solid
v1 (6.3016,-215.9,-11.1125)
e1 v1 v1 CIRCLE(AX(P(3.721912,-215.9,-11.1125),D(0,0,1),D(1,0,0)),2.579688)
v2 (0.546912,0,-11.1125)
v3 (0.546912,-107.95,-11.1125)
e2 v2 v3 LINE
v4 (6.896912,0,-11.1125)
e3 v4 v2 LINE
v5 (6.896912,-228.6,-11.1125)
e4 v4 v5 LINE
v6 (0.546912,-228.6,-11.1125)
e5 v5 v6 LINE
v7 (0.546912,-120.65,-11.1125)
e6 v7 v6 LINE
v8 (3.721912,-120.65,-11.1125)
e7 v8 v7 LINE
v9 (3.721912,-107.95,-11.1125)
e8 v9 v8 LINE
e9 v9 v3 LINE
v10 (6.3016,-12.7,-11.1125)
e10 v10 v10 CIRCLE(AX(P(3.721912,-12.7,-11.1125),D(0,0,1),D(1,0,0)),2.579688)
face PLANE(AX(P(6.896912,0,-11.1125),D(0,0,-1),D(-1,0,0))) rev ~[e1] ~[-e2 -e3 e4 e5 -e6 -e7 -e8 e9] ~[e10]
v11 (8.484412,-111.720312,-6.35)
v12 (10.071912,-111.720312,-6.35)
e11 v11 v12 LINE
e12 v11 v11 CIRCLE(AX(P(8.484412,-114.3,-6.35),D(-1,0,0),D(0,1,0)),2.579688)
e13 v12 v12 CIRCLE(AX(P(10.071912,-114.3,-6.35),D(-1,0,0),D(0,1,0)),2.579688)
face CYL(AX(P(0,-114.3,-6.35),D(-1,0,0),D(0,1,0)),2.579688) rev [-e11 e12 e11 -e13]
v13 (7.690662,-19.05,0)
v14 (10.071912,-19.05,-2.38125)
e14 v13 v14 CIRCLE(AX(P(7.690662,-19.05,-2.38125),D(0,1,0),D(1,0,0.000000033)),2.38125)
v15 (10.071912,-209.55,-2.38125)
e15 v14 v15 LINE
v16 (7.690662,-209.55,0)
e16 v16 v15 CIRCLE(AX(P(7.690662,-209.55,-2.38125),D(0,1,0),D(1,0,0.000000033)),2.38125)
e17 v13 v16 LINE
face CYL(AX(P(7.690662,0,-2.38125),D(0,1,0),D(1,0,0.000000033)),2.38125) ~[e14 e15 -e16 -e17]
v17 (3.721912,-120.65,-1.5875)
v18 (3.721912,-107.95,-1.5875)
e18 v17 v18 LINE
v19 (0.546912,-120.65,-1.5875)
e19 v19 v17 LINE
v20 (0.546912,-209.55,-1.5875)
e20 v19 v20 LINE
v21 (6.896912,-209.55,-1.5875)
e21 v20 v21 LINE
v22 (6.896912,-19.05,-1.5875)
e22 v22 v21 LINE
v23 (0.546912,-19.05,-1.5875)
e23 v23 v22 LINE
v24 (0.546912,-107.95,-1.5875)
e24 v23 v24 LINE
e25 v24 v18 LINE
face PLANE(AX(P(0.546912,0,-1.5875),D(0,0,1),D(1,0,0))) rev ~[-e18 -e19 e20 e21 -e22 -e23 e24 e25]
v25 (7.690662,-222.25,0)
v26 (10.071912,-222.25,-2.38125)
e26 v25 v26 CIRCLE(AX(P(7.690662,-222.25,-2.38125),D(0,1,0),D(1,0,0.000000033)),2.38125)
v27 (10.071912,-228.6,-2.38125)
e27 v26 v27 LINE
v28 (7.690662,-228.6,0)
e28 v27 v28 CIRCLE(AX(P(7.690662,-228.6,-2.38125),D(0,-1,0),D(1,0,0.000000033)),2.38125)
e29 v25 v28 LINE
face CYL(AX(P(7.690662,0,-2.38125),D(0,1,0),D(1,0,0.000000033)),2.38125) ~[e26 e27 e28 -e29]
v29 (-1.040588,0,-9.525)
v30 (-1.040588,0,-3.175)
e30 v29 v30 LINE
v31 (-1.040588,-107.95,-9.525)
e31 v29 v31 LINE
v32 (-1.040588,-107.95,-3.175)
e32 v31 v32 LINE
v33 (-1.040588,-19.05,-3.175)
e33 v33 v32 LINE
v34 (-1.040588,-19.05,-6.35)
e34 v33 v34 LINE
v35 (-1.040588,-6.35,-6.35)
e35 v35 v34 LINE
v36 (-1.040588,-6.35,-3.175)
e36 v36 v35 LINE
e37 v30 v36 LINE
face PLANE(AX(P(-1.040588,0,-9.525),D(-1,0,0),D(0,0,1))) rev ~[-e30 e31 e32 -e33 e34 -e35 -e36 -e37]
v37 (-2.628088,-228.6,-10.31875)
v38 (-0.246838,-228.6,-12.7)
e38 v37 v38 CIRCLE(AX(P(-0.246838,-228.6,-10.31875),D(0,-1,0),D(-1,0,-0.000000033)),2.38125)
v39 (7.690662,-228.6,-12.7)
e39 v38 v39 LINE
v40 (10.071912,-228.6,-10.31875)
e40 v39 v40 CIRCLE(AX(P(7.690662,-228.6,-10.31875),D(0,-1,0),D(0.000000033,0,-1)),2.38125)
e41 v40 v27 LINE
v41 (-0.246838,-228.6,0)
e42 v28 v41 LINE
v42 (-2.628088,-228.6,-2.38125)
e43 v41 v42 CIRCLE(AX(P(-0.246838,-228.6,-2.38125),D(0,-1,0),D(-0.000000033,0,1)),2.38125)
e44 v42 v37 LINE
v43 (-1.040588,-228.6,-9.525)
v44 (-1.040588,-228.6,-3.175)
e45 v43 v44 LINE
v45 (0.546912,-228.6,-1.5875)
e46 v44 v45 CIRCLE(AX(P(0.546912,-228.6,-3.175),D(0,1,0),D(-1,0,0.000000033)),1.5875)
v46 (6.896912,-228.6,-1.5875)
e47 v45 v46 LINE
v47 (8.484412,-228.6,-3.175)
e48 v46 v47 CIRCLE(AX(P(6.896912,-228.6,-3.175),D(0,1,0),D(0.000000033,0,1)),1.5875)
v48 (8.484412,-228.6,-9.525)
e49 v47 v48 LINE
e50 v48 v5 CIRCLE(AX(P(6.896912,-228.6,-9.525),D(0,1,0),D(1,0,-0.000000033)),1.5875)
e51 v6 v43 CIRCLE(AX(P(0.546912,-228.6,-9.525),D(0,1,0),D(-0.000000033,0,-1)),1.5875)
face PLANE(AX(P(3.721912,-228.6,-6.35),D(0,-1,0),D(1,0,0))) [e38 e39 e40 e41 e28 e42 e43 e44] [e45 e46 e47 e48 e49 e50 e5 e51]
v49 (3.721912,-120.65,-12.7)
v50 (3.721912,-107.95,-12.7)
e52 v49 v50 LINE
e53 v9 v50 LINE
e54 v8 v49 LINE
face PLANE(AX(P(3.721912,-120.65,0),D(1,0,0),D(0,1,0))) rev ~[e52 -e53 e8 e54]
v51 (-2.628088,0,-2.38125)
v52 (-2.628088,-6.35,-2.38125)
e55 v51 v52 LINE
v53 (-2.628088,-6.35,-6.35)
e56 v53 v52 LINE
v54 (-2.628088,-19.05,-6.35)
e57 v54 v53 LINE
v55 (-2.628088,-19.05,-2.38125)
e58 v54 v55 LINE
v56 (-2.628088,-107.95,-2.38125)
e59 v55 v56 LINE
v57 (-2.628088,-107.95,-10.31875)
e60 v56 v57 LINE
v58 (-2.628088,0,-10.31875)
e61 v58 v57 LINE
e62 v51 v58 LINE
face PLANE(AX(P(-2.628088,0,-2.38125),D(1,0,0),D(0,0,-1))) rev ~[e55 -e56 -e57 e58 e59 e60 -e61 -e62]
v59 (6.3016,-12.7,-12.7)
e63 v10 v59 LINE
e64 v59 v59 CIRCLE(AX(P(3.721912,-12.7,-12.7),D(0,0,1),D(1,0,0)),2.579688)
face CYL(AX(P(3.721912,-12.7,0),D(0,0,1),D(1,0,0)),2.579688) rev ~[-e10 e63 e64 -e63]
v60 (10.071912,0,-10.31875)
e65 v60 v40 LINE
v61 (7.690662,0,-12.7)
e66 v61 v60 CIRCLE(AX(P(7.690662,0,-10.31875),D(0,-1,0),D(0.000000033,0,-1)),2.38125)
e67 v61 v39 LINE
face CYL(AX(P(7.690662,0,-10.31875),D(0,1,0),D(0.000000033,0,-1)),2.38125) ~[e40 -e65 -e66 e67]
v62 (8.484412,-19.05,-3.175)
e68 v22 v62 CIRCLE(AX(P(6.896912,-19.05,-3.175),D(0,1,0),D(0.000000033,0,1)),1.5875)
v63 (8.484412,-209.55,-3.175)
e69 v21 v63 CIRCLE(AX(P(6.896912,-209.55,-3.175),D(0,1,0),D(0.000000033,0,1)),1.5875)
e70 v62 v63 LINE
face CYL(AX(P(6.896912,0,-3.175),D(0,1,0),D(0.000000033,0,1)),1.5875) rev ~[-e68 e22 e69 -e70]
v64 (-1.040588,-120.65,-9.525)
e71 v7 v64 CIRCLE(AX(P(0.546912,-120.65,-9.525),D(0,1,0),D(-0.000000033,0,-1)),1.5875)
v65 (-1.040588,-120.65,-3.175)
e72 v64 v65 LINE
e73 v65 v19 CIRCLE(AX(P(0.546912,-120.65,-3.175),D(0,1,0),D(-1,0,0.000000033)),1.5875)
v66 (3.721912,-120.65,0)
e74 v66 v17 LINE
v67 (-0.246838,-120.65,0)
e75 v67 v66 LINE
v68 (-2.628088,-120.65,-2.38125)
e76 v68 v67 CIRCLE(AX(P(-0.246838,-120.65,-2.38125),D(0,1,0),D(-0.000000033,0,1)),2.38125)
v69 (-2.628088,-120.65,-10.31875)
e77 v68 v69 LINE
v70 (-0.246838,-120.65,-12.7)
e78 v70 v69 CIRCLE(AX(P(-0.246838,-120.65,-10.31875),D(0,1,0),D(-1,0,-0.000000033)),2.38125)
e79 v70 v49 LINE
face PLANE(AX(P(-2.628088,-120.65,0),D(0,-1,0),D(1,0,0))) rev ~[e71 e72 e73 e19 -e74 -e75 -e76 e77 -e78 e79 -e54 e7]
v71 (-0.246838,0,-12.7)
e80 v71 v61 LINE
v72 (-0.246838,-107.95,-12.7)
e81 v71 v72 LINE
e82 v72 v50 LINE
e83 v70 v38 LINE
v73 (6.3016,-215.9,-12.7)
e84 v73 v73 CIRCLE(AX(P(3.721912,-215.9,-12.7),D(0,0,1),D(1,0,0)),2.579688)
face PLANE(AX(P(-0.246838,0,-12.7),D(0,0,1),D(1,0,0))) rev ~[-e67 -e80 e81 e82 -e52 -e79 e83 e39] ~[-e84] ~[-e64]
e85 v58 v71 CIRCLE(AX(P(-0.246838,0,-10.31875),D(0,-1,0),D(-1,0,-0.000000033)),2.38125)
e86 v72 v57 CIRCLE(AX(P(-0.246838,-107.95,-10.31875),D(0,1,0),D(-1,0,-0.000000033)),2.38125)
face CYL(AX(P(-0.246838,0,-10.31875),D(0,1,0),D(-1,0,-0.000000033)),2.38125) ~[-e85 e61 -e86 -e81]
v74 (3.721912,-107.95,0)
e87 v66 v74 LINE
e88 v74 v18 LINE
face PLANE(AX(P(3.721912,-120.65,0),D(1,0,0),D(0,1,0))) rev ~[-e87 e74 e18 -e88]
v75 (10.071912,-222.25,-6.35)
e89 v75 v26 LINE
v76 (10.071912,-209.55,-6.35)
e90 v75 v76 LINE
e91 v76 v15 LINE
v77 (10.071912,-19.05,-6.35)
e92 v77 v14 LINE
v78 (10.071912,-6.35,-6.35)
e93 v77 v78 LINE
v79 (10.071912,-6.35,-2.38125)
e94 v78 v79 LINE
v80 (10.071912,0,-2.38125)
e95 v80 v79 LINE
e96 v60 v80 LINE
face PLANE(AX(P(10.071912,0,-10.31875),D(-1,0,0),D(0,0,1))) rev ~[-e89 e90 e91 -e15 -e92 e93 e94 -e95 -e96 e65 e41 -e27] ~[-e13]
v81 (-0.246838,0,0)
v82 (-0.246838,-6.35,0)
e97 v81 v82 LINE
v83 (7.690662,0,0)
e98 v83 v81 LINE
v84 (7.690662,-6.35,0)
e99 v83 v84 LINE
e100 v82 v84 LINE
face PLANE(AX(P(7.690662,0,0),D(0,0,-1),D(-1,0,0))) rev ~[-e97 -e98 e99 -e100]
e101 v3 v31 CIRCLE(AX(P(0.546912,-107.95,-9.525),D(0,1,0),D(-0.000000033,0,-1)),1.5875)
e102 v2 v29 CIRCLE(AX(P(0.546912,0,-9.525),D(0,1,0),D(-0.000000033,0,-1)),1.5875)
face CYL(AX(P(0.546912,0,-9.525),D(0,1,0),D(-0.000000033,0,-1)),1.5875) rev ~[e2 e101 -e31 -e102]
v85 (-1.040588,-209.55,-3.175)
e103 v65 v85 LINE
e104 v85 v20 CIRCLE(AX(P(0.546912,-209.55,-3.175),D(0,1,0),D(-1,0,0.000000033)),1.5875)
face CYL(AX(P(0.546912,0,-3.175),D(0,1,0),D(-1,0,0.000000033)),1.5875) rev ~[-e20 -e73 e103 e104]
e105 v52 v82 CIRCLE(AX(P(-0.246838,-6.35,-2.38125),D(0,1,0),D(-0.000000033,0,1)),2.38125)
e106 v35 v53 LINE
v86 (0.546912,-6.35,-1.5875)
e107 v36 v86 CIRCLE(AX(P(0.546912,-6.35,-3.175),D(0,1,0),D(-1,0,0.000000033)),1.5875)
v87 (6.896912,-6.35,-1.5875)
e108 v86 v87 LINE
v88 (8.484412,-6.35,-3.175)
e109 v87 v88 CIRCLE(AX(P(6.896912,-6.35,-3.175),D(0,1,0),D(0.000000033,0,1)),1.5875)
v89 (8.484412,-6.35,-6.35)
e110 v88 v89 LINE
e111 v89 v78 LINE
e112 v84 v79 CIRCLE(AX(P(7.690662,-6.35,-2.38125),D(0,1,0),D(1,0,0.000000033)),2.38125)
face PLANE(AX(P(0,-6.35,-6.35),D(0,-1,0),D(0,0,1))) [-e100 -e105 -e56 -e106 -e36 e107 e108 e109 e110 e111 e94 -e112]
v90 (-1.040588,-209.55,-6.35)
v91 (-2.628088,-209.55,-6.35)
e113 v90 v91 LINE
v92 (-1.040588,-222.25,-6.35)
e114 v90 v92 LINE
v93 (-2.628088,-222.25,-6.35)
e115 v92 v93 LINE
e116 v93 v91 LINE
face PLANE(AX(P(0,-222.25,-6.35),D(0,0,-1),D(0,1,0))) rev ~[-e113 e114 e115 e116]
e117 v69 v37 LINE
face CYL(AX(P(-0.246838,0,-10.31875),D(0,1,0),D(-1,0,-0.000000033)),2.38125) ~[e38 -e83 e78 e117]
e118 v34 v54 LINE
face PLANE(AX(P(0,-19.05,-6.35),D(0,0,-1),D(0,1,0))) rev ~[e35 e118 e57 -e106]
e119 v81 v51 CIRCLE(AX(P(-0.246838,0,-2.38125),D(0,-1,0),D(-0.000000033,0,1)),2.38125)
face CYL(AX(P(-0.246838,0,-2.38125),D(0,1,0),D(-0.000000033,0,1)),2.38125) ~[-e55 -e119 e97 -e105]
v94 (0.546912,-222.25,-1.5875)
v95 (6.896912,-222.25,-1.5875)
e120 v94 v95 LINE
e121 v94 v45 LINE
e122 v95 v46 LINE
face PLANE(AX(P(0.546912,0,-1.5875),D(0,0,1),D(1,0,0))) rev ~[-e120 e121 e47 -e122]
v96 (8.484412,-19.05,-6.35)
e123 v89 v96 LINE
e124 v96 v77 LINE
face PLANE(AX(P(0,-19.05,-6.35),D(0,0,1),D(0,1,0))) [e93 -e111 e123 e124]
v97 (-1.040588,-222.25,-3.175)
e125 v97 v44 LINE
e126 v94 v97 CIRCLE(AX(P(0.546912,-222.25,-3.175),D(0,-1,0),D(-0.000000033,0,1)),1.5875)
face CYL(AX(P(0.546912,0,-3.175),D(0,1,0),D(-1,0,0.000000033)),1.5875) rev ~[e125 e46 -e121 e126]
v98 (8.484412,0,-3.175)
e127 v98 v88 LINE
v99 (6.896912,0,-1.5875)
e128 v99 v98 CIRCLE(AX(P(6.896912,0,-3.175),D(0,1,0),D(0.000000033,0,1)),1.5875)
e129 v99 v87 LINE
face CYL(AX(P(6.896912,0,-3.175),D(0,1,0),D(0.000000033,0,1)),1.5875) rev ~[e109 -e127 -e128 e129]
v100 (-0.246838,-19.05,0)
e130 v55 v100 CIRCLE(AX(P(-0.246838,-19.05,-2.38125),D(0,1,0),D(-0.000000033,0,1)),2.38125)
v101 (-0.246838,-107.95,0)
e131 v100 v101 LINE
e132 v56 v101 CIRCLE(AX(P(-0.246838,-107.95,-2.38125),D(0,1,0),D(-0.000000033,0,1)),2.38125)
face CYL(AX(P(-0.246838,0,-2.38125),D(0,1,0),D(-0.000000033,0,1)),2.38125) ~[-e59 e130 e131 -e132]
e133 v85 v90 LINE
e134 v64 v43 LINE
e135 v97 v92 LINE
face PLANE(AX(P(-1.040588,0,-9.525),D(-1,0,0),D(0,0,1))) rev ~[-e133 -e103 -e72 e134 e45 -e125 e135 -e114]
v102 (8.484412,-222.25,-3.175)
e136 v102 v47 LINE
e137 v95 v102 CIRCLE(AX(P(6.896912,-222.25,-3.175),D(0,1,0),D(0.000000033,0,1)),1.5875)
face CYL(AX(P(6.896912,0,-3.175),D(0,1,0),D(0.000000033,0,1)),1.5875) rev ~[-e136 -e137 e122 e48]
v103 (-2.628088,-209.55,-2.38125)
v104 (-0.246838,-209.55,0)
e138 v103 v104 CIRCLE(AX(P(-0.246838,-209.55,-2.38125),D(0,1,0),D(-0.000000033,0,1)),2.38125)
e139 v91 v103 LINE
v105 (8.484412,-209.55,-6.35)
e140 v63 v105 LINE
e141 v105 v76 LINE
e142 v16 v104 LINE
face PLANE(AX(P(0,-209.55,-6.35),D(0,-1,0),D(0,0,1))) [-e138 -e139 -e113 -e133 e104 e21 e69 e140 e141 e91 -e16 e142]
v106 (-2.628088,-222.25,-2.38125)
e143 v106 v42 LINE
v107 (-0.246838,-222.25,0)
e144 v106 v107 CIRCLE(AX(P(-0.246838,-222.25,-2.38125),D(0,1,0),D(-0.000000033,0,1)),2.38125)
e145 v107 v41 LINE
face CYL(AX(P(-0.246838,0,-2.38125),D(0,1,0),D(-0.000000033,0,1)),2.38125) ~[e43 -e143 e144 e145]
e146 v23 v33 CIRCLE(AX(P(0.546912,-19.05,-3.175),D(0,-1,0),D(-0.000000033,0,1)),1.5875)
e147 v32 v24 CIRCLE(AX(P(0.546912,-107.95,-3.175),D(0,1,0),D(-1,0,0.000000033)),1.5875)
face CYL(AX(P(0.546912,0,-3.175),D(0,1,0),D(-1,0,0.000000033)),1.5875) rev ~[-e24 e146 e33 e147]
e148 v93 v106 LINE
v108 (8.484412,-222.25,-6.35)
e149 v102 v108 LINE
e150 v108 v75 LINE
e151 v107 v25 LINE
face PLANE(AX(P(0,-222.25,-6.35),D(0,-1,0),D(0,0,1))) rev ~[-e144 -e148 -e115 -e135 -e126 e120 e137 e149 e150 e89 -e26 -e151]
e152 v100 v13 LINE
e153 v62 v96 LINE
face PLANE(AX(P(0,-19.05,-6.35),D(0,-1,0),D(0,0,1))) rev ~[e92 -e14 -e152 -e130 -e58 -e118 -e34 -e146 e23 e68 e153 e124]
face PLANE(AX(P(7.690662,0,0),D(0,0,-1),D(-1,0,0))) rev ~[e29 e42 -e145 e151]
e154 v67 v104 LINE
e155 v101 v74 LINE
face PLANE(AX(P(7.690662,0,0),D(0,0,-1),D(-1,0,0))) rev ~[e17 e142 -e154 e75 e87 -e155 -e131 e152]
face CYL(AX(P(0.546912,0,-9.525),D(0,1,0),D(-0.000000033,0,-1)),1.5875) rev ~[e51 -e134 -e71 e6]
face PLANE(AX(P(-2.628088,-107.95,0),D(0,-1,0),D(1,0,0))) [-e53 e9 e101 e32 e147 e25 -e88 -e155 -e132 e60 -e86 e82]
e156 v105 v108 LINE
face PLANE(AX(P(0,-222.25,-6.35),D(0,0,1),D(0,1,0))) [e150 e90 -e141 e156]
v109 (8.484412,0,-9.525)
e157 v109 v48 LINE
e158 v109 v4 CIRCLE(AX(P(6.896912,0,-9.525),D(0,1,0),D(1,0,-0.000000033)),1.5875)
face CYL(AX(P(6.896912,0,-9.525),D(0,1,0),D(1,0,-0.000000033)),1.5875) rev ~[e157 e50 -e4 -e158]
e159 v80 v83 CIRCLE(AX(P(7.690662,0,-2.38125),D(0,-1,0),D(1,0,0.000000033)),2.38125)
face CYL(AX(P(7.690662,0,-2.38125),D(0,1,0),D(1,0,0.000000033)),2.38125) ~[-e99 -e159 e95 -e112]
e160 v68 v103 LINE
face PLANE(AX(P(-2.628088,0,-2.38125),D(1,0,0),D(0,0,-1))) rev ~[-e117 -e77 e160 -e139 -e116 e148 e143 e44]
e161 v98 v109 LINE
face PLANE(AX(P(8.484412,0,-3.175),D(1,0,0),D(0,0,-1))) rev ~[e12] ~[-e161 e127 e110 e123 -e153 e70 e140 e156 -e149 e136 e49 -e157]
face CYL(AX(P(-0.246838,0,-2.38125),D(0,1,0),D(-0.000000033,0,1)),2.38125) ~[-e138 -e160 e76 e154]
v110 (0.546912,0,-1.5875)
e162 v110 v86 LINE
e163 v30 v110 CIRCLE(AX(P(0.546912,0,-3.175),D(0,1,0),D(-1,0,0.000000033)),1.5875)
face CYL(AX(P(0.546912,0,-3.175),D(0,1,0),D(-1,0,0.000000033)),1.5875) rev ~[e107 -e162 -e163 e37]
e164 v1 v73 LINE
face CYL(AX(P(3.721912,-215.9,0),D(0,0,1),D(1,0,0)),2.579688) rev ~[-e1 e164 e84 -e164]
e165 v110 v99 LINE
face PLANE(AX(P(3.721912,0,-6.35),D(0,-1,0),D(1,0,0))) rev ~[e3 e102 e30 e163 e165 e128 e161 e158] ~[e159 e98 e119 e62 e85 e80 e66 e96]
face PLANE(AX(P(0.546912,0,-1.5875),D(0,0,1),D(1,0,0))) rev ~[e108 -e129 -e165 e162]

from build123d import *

# Parameters (mm, degrees)
F1_DEPTH      = 228.6
F2_W          = 12.7
F2_H          = 6.35
F3_DEPTH      = 11.938
F3_DEPTH_BACK = 25.4
F4_W          = 6.35
F4_H          = 12.7
F5_DEPTH      = 12.7
F6_R          = 2.579688
F7_DEPTH      = 12.7
F8_R          = 2.579688
F9_DEPTH      = 12.7


with BuildPart() as f1:
    # F0 (on Front) → F1 (new body)
    with BuildSketch(Plane.XZ):
        with BuildLine():
            ThreePointArc((10.071912, -2.38125), (9.37446, -0.697452), (7.690662, 0))
            Line((7.690662, 0), (-0.246838, 0))
            ThreePointArc((-0.246838, 0), (-1.930636, -0.697452), (-2.628088, -2.38125))
            Line((-2.628088, -2.38125), (-2.628088, -10.31875))
            ThreePointArc((-2.628088, -10.31875), (-1.930636, -12.002548), (-0.246838, -12.7))
            Line((-0.246838, -12.7), (7.690662, -12.7))
            ThreePointArc((7.690662, -12.7), (9.37446, -12.002548), (10.071912, -10.31875))
            Line((10.071912, -10.31875), (10.071912, -2.38125))
        make_face()
        with BuildLine():
            Line((0.546912, -1.5875), (6.896912, -1.5875))
            ThreePointArc((6.896912, -1.5875), (8.019444, -2.052468), (8.484412, -3.175))
            Line((8.484412, -3.175), (8.484412, -9.525))
            ThreePointArc((8.484412, -9.525), (8.019444, -10.647532), (6.896912, -11.1125))
            Line((6.896912, -11.1125), (0.546912, -11.1125))
            ThreePointArc((0.546912, -11.1125), (-0.57562, -10.647532), (-1.040588, -9.525))
            Line((-1.040588, -9.525), (-1.040588, -3.175))
            ThreePointArc((-1.040588, -3.175), (-0.57562, -2.052468), (0.546912, -1.5875))
        make_face(mode=Mode.SUBTRACT)
    extrude(amount=F1_DEPTH)

    # F2 (on Right) → F3 (cut, two sides)
    with BuildSketch(Plane.YZ) as f3_sk:
        with Locations((-215.9, -3.175)):
            Rectangle(F2_W, F2_H)
        with Locations((-12.7, -3.175)):
            Rectangle(F2_W, F2_H)
    extrude(amount=F3_DEPTH, mode=Mode.SUBTRACT)
    extrude(f3_sk.sketch, amount=-F3_DEPTH_BACK, mode=Mode.SUBTRACT)

    # F4 (on Top) → F5 (cut)
    with BuildSketch(Plane.XY):
        with Locations((0.546912, -114.3)):
            Rectangle(F4_W, F4_H)
    extrude(amount=-F5_DEPTH, mode=Mode.SUBTRACT)

    # F6 (on Top) → F7 (cut)
    with BuildSketch(Plane.XY):
        with Locations((3.721912, -12.7)):
            Circle(F6_R)
        with Locations((3.721912, -215.9)):
            Circle(F6_R)
    extrude(amount=-F7_DEPTH, mode=Mode.SUBTRACT)

    # F8 (on Right) → F9 (cut)
    with BuildSketch(Plane.YZ):
        with Locations((-114.3, -6.35)):
            Circle(F8_R)
    extrude(amount=F9_DEPTH, mode=Mode.SUBTRACT)


solid = f1.part
